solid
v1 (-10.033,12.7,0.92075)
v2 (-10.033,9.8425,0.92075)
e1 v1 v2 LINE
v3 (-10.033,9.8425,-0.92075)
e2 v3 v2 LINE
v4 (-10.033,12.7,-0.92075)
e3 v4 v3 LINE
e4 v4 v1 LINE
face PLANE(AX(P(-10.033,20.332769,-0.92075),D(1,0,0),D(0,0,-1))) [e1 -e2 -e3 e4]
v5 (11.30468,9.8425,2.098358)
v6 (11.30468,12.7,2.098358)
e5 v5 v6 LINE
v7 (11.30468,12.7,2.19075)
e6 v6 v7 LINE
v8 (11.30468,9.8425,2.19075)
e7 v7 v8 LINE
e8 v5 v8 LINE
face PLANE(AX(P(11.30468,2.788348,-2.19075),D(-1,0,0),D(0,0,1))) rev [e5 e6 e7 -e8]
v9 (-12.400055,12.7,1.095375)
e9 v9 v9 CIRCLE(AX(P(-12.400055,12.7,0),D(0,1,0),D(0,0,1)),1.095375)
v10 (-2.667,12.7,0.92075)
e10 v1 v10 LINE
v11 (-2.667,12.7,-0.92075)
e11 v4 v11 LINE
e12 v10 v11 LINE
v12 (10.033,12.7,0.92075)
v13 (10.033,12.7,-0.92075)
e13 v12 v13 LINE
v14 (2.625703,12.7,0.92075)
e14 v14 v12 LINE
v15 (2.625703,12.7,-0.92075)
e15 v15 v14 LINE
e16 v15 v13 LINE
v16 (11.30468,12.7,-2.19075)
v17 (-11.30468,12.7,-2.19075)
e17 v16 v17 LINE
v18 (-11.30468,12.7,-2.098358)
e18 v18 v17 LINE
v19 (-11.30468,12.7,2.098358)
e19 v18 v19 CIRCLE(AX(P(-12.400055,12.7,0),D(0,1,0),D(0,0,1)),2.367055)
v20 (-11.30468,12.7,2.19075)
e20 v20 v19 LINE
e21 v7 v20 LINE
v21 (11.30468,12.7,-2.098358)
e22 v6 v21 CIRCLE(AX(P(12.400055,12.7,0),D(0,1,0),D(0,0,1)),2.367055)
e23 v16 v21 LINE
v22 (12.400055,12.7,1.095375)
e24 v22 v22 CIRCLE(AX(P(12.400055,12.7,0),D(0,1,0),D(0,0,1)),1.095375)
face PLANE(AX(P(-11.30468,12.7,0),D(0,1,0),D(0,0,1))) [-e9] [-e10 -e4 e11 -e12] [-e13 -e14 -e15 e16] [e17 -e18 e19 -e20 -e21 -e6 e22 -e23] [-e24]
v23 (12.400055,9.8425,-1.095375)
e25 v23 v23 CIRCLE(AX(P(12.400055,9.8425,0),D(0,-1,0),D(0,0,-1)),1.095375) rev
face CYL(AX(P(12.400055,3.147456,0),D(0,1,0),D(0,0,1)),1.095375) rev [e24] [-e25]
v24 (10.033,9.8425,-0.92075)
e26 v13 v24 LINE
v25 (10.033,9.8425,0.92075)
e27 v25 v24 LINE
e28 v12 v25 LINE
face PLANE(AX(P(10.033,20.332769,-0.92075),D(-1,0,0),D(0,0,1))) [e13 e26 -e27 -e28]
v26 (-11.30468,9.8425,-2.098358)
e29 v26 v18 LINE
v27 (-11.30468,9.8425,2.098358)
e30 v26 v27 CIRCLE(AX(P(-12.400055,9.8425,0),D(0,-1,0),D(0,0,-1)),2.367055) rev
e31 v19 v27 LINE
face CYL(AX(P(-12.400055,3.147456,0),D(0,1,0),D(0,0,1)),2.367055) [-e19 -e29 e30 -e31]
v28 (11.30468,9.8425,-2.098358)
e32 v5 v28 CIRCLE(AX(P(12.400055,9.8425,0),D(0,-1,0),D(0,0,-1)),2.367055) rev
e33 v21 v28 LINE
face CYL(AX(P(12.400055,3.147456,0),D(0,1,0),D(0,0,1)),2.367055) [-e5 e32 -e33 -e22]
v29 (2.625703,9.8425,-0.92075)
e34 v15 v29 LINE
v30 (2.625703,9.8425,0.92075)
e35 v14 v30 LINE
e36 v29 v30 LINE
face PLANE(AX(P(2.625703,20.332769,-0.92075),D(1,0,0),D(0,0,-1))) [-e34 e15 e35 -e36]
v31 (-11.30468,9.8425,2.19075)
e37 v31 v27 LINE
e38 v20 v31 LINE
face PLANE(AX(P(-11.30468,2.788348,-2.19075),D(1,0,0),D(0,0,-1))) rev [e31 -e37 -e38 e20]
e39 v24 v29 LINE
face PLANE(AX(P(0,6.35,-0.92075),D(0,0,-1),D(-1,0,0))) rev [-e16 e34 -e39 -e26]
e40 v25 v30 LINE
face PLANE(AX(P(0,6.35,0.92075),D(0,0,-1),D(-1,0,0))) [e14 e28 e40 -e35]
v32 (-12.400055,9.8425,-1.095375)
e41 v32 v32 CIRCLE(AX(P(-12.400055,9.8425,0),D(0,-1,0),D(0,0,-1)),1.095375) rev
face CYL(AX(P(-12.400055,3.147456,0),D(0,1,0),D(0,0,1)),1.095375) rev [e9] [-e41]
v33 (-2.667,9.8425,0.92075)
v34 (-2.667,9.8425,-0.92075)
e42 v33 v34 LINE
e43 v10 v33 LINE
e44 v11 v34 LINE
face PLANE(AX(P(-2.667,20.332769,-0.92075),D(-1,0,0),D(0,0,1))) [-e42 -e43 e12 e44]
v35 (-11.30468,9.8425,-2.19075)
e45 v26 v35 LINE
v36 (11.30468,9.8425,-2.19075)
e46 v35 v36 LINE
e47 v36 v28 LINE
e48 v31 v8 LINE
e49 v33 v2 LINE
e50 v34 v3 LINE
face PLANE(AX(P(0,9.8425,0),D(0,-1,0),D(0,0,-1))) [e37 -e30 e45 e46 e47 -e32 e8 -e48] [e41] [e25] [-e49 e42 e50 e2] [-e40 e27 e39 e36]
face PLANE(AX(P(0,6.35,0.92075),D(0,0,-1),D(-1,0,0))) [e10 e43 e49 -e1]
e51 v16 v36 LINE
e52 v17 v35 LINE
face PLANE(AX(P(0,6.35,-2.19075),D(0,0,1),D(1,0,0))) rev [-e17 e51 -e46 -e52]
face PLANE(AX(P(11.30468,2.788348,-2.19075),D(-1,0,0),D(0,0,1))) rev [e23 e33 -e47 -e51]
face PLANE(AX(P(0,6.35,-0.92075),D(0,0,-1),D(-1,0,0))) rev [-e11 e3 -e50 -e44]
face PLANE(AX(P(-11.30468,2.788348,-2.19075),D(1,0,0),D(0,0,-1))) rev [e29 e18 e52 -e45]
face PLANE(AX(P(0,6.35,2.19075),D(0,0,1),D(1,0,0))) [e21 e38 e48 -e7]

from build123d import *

# Parameters (mm, degrees)
SKETCH1_W                = 22.609360872
SKETCH1_H                = 4.3815
SKETCH1_W_2              = 7.366
SKETCH1_H_2              = 1.8415
SKETCH1_W_3              = 7.407296779
BOSS_EXTRUDE1_DEPTH      = 6.35
BOSS_EXTRUDE2_REACH      = 15.15
BOSS_EXTRUDE3_START      = 2.19075
BOSS_EXTRUDE3_DEPTH      = 2.19075
SKETCH7_R                = 1.5875
BOSS_EXTRUDE4_DEPTH      = 1.27
MIRROR2_COPY_1_SKETCH_R  = 1.5875
MIRROR2_COPY_1_DEPTH     = 1.27
BOSS_EXTRUDE5_DEPTH      = 6.35
BOSS_EXTRUDE5_DEPTH_BACK = 1.27
SKETCH8_R                = 0.635
SKETCH9_W                = 22.609360872
SKETCH9_H                = 6.35
BOSS_EXTRUDE6_DEPTH      = 4.3815
SKETCH10_W               = 6.35
SKETCH10_H               = 1.8415
CUT_EXTRUDE1_DEPTH       = 12.7
CUT_EXTRUDE2_DEPTH       = 23.114
CUT_EXTRUDE2_DEPTH_BACK  = 4.7625
SKETCH12_W               = 31.633822951
SKETCH12_H               = 14.456952732
SKETCH13_W               = 7.366
SKETCH13_H               = 1.8415
SKETCH13_W_2             = 7.407296779
CUT_EXTRUDE3_DEPTH       = 12.7
SKETCH15_W               = 5.299628269
SKETCH15_H               = 4.3815
SKETCH15_W_2             = 5.528427798
CUT_EXTRUDE5_DEPTH       = 2.8575
SKETCH14_R               = 2.367055436
SKETCH14_R_2             = 1.095375
BOSS_EXTRUDE9_DEPTH      = 2.8575


with BuildPart() as part:
    # Sketch1 → Boss-Extrude1 (new body)
    with BuildSketch(Plane(origin=(0, 0, 0), x_dir=(1, 0, 0), z_dir=(0, 1, 0))):
        Rectangle(SKETCH1_W, SKETCH1_H)
        with Locations((-6.35, 0)):
            Rectangle(SKETCH1_W_2, SKETCH1_H_2, mode=Mode.SUBTRACT)
        with Locations((6.329351611, 0)):
            Rectangle(SKETCH1_W_3, SKETCH1_H_2, mode=Mode.SUBTRACT)
    extrude(amount=BOSS_EXTRUDE1_DEPTH)

    # Boss-Extrude2: up to this face of the body (flat: up to its plane)
    boss_extrude2_end = Plane(part.part.faces().sort_by_distance((0, 3.175, -2.19075))[0])
    # Sketch2 → Boss-Extrude2 (add, up to the picked face)
    with BuildSketch(Plane.XY, mode=Mode.PRIVATE) as boss_extrude2_sk1:
        with BuildLine():
            Line((3.175, 0), (-3.175, 0))
            ThreePointArc((-3.175, 0), (0, -3.175), (3.175, 0))
        make_face()
    boss_extrude2_tool1 = split(extrude(boss_extrude2_sk1.sketch, amount=-BOSS_EXTRUDE2_REACH, mode=Mode.PRIVATE), bisect_by=boss_extrude2_end, keep=Keep.BOTH, mode=Mode.PRIVATE)
    add(boss_extrude2_tool1.solids().sort_by(Axis((0, -1.347512, 0), (0, 0, -1)))[0])

    # Sketch2<3> → Boss-Extrude3 (add)
    with BuildSketch(Plane.XY.offset(BOSS_EXTRUDE3_START)):
        with BuildLine():
            Line((3.175, 0), (-3.175, 0))
            ThreePointArc((-3.175, 0), (0, -3.175), (3.175, 0))
        make_face()
    extrude(amount=-BOSS_EXTRUDE3_DEPTH)

    # Sketch7 → Boss-Extrude4 (add)
    with BuildSketch(Plane.XY.offset(2.19075)):
        with BuildLine():
            Line((-9.525, 0), (-11.304680436, 0))
            Line((-11.304680436, 0), (-11.304680436, -12.7))
            ThreePointArc((-11.304680436, -12.7), (-8.266575896, -13.958424104), (-9.525, -10.920319564))
            Line((-9.525, -10.920319564), (-9.525, 0))
        make_face()
        with Locations((-9.525, -12.7)):
            Circle(SKETCH7_R, mode=Mode.SUBTRACT)
    boss_extrude4 = extrude(amount=-BOSS_EXTRUDE4_DEPTH)

    # Mirror1: Boss-Extrude4 across plane
    add(boss_extrude4.mirror(Plane(origin=(0, 0, 0), x_dir=(0, 0, 1), z_dir=(1, 0, 0))))

    # Mirror2: Boss-Extrude4 across plane
    add(boss_extrude4.mirror(Plane.XY))

    # Mirror2 copy 1 sketch → Mirror2 copy 1 (add)
    with BuildSketch(Plane(origin=(0, 0, -2.19075), x_dir=(-1, 0, 0), z_dir=(0, 0, -1))):
        with BuildLine():
            Line((-9.525, 0), (-11.304680436, 0))
            Line((-11.304680436, 0), (-11.304680436, -12.7))
            ThreePointArc((-11.304680436, -12.7), (-8.266575896, -13.958424104), (-9.525, -10.920319564))
            Line((-9.525, -10.920319564), (-9.525, 0))
        make_face()
        with Locations((-9.525, -12.7)):
            Circle(MIRROR2_COPY_1_SKETCH_R, mode=Mode.SUBTRACT)
    extrude(amount=-MIRROR2_COPY_1_DEPTH)

    # Sketch8 → Boss-Extrude5 (add, two sides: drawn at the far end of the back side and taken through both)
    # profile 1 of 2: a face of its own
    with BuildSketch(Plane(origin=(0, 6.35, 0), x_dir=(1, 0, 0), z_dir=(0, 1, 0)).offset(-BOSS_EXTRUDE5_DEPTH_BACK)):
        with BuildLine():
            Line((-11.304680436, 2.19075), (-11.304680436, -2.19075))
            ThreePointArc((-11.304680436, -2.19075), (-13.495430436, 0), (-11.304680436, 2.19075))
        make_face()
        with Locations(Location((-12.400055436, 0, 0), (0, 0, 270))):
            Circle(SKETCH8_R, mode=Mode.SUBTRACT)
    # profile 2 of 2: a face of its own
    with BuildSketch(Plane(origin=(0, 6.35, 0), x_dir=(1, 0, 0), z_dir=(0, 1, 0)).offset(-BOSS_EXTRUDE5_DEPTH_BACK)):
        with BuildLine():
            Line((11.304680436, 2.19075), (11.304680436, -2.19075))
            ThreePointArc((11.304680436, -2.19075), (13.495430436, 0), (11.304680436, 2.19075))
        make_face()
        with Locations(Location((12.400055436, 0, 0), (0, 0, 90))):
            Circle(SKETCH8_R, mode=Mode.SUBTRACT)
    extrude(amount=BOSS_EXTRUDE5_DEPTH + BOSS_EXTRUDE5_DEPTH_BACK)

    # Sketch9 → Boss-Extrude6 (add)
    with BuildSketch(Plane(origin=(0, 0, -2.19075), x_dir=(-1, 0, 0), z_dir=(0, 0, -1))):
        with Locations((0, 9.525)):
            Rectangle(SKETCH9_W, SKETCH9_H)
    extrude(amount=-BOSS_EXTRUDE6_DEPTH)

    # Sketch10 → Cut-Extrude1 (cut)
    with BuildSketch(Plane(origin=(0, 12.7, 0), x_dir=(1, 0, 0), z_dir=(0, 1, 0))):
        with Locations((6.308703221, 0)):
            Rectangle(SKETCH10_W, SKETCH10_H)
        with Locations((-6.35, 0)):
            Rectangle(SKETCH10_W, SKETCH10_H)
    extrude(amount=-CUT_EXTRUDE1_DEPTH, mode=Mode.SUBTRACT)

    # Sketch12 → Cut-Extrude2 (cut, two sides: drawn at the far end of the back side and taken through both)
    with BuildSketch(Plane(origin=(0, 5.08, 0), x_dir=(-1, 0, 0), z_dir=(0, -1, 0)).offset(-CUT_EXTRUDE2_DEPTH_BACK)):
        with Locations((-0.08433307, 1.389523064)):
            Rectangle(SKETCH12_W, SKETCH12_H)
    extrude(amount=CUT_EXTRUDE2_DEPTH + CUT_EXTRUDE2_DEPTH_BACK, mode=Mode.SUBTRACT)

    # Sketch13 → Cut-Extrude3 (cut)
    with BuildSketch(Plane(origin=(0, 0, 0), x_dir=(1, 0, 0), z_dir=(0, 1, 0))):
        with Locations((-6.35, 0)):
            Rectangle(SKETCH13_W, SKETCH13_H)
        with Locations((6.329351611, 0)):
            Rectangle(SKETCH13_W_2, SKETCH13_H)
    extrude(amount=CUT_EXTRUDE3_DEPTH, mode=Mode.SUBTRACT)

    # Sketch15 → Cut-Extrude5 (cut)
    with BuildSketch(Plane(origin=(0, 12.7, 0), x_dir=(1, 0, 0), z_dir=(0, 1, 0))):
        with Locations((-13.95449457, 0)):
            Rectangle(SKETCH15_W, SKETCH15_H)
        with Locations((14.068894335, 0)):
            Rectangle(SKETCH15_W_2, SKETCH15_H)
    extrude(amount=-CUT_EXTRUDE5_DEPTH, mode=Mode.SUBTRACT)

    # Sketch14 → Boss-Extrude9 (add)
    # profile 1 of 2: a face of its own
    with BuildSketch(Plane(origin=(0, 12.7, 0), x_dir=(1, 0, 0), z_dir=(0, 1, 0))):
        with Locations((-12.400055436, 0)):
            Circle(SKETCH14_R)
        with Locations(Location((-12.400055436, 0, 0), (0, 0, 270))):
            Circle(SKETCH14_R_2, mode=Mode.SUBTRACT)
    # profile 2 of 2: a face of its own
    with BuildSketch(Plane(origin=(0, 12.7, 0), x_dir=(1, 0, 0), z_dir=(0, 1, 0))):
        with Locations((12.400055436, 0)):
            Circle(SKETCH14_R)
        with Locations(Location((12.400055436, 0, 0), (0, 0, 270))):
            Circle(SKETCH14_R_2, mode=Mode.SUBTRACT)
    extrude(amount=-BOSS_EXTRUDE9_DEPTH)


solid = part.part
